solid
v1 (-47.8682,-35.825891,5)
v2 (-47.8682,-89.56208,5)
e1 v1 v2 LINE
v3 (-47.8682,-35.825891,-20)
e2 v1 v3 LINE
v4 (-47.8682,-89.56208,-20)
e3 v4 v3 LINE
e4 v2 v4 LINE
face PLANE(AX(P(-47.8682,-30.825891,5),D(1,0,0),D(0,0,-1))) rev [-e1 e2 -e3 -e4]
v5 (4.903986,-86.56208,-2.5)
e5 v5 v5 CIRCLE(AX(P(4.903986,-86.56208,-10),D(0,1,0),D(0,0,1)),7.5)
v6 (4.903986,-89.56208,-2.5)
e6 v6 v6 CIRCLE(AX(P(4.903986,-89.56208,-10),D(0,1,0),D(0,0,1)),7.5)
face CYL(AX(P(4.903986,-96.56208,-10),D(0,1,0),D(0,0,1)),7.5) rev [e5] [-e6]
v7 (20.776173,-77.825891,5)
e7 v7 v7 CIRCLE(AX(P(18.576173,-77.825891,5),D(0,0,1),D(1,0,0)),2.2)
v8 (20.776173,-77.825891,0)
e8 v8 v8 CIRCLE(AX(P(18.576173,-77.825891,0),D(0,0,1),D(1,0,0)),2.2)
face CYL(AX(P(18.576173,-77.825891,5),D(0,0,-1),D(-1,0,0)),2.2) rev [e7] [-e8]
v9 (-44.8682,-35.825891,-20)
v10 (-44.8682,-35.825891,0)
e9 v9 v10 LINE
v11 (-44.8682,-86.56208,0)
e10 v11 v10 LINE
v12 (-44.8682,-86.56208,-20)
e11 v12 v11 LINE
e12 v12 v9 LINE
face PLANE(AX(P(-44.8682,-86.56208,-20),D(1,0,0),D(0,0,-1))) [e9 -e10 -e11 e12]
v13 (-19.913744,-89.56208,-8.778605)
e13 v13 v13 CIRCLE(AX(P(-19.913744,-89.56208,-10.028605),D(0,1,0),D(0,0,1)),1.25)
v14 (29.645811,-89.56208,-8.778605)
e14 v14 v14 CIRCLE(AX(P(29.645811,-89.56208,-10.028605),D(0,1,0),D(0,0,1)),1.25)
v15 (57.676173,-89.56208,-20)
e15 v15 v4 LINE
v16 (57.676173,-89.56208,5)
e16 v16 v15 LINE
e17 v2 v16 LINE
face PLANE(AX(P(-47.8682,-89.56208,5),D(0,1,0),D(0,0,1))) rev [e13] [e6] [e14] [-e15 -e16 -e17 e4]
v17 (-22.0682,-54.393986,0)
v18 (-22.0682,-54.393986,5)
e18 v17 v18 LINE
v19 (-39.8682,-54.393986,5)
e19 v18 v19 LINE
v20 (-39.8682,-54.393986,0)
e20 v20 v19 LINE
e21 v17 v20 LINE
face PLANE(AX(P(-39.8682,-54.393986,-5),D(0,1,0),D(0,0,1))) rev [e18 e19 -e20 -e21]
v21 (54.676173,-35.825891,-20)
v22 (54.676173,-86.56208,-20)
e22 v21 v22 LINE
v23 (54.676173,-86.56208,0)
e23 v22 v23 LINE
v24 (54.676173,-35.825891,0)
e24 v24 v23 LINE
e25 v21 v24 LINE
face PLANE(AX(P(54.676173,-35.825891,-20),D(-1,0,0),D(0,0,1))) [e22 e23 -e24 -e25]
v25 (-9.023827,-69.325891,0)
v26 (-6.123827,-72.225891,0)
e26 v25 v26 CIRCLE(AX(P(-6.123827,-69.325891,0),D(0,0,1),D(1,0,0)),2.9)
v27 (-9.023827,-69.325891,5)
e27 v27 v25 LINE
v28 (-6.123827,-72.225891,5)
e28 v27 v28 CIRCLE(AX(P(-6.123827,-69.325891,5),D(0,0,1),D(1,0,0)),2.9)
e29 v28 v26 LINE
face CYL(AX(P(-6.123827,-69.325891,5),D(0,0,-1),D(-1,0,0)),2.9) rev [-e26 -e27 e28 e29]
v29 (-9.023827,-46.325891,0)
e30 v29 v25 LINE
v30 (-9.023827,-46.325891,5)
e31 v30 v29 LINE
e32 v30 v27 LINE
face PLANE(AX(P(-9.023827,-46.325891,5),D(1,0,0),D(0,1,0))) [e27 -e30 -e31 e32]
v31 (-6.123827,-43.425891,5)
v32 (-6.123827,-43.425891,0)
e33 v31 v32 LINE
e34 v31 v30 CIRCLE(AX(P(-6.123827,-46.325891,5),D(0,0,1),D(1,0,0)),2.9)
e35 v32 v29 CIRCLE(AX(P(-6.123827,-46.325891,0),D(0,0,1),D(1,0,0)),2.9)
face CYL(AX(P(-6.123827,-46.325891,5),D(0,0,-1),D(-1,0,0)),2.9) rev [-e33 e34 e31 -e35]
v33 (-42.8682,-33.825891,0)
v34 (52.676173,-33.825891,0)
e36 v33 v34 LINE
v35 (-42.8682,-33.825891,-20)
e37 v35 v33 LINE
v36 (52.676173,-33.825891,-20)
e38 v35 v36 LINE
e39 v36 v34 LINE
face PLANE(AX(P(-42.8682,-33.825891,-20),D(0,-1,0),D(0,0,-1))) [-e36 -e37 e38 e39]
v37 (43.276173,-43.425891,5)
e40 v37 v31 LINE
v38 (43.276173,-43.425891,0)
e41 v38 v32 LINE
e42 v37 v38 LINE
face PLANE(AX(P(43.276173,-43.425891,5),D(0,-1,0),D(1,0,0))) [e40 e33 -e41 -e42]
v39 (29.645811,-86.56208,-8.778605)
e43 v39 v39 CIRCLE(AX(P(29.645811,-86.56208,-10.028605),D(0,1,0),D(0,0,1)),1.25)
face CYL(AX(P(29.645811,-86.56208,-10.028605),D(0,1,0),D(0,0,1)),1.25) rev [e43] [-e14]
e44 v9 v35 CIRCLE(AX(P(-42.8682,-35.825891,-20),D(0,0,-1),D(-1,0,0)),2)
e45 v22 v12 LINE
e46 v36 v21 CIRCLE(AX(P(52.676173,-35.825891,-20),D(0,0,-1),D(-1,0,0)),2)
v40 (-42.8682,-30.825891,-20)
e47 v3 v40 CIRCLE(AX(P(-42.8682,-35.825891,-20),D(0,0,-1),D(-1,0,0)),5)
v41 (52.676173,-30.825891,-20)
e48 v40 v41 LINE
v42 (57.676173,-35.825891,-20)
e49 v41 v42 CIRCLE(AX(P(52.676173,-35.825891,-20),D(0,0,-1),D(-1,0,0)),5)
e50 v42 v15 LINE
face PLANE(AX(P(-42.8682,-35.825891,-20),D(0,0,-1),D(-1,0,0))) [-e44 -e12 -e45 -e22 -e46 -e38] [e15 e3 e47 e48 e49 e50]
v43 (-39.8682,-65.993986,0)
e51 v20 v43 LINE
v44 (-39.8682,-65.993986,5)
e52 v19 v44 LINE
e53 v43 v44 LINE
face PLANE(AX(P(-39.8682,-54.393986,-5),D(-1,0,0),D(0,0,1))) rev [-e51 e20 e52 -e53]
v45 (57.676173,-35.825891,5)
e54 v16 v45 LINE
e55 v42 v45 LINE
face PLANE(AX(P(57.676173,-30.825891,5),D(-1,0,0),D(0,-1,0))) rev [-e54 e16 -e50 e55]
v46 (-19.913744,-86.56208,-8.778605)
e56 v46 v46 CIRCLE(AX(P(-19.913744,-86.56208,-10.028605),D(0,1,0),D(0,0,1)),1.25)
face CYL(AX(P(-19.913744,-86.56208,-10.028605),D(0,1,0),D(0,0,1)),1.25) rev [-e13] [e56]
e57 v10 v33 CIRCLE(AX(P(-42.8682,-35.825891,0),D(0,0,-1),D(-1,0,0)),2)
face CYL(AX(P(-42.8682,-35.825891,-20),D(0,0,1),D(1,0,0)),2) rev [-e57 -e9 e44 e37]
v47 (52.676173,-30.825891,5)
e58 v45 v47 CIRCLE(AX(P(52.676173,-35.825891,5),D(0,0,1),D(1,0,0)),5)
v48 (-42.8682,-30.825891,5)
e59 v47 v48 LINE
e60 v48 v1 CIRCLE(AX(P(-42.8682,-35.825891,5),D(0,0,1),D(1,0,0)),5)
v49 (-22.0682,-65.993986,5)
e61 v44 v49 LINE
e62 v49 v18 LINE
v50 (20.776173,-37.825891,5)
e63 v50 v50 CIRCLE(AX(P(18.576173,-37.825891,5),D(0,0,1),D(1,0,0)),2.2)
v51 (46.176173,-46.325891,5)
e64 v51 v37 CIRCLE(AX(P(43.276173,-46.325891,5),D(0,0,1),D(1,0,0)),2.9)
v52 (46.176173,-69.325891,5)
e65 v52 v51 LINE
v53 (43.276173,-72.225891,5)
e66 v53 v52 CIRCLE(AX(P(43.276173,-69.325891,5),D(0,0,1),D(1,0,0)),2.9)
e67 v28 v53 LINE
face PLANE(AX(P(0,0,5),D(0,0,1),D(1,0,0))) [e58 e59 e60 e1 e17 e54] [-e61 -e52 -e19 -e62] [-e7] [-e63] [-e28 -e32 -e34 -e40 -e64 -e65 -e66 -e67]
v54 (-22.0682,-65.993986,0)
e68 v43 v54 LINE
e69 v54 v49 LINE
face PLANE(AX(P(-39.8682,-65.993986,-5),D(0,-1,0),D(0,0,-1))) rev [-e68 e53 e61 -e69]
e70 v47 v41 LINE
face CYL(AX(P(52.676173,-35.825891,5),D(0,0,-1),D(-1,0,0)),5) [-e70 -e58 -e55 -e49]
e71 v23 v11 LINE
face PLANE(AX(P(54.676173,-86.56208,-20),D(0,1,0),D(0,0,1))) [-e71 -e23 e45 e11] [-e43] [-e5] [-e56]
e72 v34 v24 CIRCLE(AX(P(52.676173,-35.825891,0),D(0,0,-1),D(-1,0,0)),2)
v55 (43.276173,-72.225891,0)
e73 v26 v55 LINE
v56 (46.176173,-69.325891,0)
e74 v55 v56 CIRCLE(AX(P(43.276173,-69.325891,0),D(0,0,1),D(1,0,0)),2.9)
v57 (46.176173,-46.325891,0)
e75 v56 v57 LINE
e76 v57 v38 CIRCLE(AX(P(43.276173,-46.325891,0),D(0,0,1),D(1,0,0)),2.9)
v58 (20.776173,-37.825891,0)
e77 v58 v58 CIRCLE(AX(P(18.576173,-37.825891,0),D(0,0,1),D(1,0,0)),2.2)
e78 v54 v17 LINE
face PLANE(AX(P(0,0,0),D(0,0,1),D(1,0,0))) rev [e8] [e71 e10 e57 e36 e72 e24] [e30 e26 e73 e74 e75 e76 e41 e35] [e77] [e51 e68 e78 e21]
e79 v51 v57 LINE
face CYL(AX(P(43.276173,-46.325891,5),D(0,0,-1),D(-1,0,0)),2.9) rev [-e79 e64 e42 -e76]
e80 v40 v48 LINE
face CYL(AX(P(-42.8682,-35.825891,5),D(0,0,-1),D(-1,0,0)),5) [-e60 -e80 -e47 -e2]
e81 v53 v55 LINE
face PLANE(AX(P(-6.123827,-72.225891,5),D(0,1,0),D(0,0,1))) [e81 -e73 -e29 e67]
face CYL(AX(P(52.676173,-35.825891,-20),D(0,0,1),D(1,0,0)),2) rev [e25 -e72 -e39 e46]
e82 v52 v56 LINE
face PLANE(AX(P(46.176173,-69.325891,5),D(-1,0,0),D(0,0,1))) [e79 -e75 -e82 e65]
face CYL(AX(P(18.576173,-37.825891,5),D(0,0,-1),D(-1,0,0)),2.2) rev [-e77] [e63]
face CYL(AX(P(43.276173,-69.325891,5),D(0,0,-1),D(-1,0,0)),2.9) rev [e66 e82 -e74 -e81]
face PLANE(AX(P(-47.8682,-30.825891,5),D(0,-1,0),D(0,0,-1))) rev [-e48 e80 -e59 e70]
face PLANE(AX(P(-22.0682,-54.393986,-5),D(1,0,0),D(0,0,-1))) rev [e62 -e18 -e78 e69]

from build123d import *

# Parameters (mm, degrees)
ESBO_O1_W                                      = 105.544372836
ESBO_O1_H                                      = 58.736189027
ESBO_O1_R                                      = 2.2
RESSALTO_EXTRUS_O1_DEPTH                       = 5
ESBO_O2_W                                      = 17.8
ESBO_O2_H                                      = 11.6
CORTE_EXTRUS_O1_DEPTH                          = 10
FILETE1_R                                      = 5
RESSALTO_EXTRUS_O2_DEPTH                       = 20
BROCA_DE_ROSQUEAR_PARA_TARRAXA_DE_M3X0_5_D     = 2.5
BROCA_DE_ROSQUEAR_PARA_TARRAXA_DE_M3X0_5_DEPTH = 3
ESBO_O4_R                                      = 7.5
CORTE_EXTRUS_O2_DEPTH                          = 10


with BuildPart() as part:
    # Esboço1 → Ressalto-extrusão1 (new body)
    with BuildSketch(Plane.XY):
        with Locations((4.903986461, -60.193985815)):
            Rectangle(ESBO_O1_W, ESBO_O1_H)
        with Locations((18.576172879, -37.825891301)):
            Circle(ESBO_O1_R, mode=Mode.SUBTRACT)
        with Locations((18.576172879, -77.825891301)):
            Circle(ESBO_O1_R, mode=Mode.SUBTRACT)
        with BuildLine():
            Line((43.276172879, -43.425891301), (-6.123827121, -43.425891301))
            ThreePointArc((-6.123827121, -43.425891301), (-8.174436786, -44.275281636), (-9.023827121, -46.325891301))
            Line((-9.023827121, -46.325891301), (-9.023827121, -69.325891301))
            ThreePointArc((-9.023827121, -69.325891301), (-8.174436786, -71.376500966), (-6.123827121, -72.225891301))
            Line((-6.123827121, -72.225891301), (43.276172879, -72.225891301))
            ThreePointArc((43.276172879, -72.225891301), (45.326782544, -71.376500966), (46.176172879, -69.325891301))
            Line((46.176172879, -69.325891301), (46.176172879, -46.325891301))
            ThreePointArc((46.176172879, -46.325891301), (45.326782544, -44.275281636), (43.276172879, -43.425891301))
        make_face(mode=Mode.SUBTRACT)
    extrude(amount=RESSALTO_EXTRUS_O1_DEPTH)

    # Esboço2 → Corte-extrusão1 (cut)
    with BuildSketch(Plane.XY.offset(5)):
        with Locations((-30.968199957, -60.193985814)):
            Rectangle(ESBO_O2_W, ESBO_O2_H)
    extrude(amount=-CORTE_EXTRUS_O1_DEPTH, mode=Mode.SUBTRACT)

    # Filete1
    filete1_edges = [part.edges().sort_by_distance(p)[0] for p in [
        (-47.868199957, -30.825891301, 2.5),
        (57.676172879, -30.825891301, 2.5),
    ]]
    fillet(filete1_edges, radius=FILETE1_R)

    # Esboço3 → Ressalto-extrusão2 (add)
    with BuildSketch(Plane(origin=(0, 0, 0), x_dir=(-1, 0, 0), z_dir=(0, 0, -1))):
        with BuildLine():
            Line((42.868199957, -30.825891301), (-52.676172879, -30.825891301))
            ThreePointArc((-52.676172879, -30.825891301), (-56.211706785, -32.290357395), (-57.676172879, -35.825891301))
            Line((-57.676172879, -35.825891301), (-57.676172879, -89.562080328))
            Line((-57.676172879, -89.562080328), (47.868199957, -89.562080328))
            Line((47.868199957, -89.562080328), (47.868199957, -35.825891301))
            ThreePointArc((47.868199957, -35.825891301), (46.403733863, -32.290357395), (42.868199957, -30.825891301))
        make_face()
        with BuildLine():
            Line((42.868199957, -33.825891301), (-52.676172879, -33.825891301))
            ThreePointArc((-52.676172879, -33.825891301), (-54.090386441, -34.411677739), (-54.676172879, -35.825891301))
            Line((-54.676172879, -35.825891301), (-54.676172879, -86.562080328))
            Line((-54.676172879, -86.562080328), (44.868199957, -86.562080328))
            Line((44.868199957, -86.562080328), (44.868199957, -35.825891301))
            ThreePointArc((44.868199957, -35.825891301), (44.282413519, -34.411677739), (42.868199957, -33.825891301))
        make_face(mode=Mode.SUBTRACT)
    extrude(amount=RESSALTO_EXTRUS_O2_DEPTH)

    # Broca de rosquear para tarraxa de M3x0.51
    with Locations(Plane(origin=(0, -86.562080328, 0), x_dir=(1, 0, 0), z_dir=(0, 1, 0))):
        with Locations((29.645811084, 10.02860531), (-19.913744381, 10.02860531)):
            Hole(BROCA_DE_ROSQUEAR_PARA_TARRAXA_DE_M3X0_5_D / 2, depth=BROCA_DE_ROSQUEAR_PARA_TARRAXA_DE_M3X0_5_DEPTH)

    # Esboço4 → Corte-extrusão2 (cut)
    with BuildSketch(Plane(origin=(0, -86.562080328, 0), x_dir=(1, 0, 0), z_dir=(0, 1, 0))):
        with Locations((4.903986461, 10)):
            Circle(ESBO_O4_R)
    extrude(amount=-CORTE_EXTRUS_O2_DEPTH, mode=Mode.SUBTRACT)


solid = part.part
